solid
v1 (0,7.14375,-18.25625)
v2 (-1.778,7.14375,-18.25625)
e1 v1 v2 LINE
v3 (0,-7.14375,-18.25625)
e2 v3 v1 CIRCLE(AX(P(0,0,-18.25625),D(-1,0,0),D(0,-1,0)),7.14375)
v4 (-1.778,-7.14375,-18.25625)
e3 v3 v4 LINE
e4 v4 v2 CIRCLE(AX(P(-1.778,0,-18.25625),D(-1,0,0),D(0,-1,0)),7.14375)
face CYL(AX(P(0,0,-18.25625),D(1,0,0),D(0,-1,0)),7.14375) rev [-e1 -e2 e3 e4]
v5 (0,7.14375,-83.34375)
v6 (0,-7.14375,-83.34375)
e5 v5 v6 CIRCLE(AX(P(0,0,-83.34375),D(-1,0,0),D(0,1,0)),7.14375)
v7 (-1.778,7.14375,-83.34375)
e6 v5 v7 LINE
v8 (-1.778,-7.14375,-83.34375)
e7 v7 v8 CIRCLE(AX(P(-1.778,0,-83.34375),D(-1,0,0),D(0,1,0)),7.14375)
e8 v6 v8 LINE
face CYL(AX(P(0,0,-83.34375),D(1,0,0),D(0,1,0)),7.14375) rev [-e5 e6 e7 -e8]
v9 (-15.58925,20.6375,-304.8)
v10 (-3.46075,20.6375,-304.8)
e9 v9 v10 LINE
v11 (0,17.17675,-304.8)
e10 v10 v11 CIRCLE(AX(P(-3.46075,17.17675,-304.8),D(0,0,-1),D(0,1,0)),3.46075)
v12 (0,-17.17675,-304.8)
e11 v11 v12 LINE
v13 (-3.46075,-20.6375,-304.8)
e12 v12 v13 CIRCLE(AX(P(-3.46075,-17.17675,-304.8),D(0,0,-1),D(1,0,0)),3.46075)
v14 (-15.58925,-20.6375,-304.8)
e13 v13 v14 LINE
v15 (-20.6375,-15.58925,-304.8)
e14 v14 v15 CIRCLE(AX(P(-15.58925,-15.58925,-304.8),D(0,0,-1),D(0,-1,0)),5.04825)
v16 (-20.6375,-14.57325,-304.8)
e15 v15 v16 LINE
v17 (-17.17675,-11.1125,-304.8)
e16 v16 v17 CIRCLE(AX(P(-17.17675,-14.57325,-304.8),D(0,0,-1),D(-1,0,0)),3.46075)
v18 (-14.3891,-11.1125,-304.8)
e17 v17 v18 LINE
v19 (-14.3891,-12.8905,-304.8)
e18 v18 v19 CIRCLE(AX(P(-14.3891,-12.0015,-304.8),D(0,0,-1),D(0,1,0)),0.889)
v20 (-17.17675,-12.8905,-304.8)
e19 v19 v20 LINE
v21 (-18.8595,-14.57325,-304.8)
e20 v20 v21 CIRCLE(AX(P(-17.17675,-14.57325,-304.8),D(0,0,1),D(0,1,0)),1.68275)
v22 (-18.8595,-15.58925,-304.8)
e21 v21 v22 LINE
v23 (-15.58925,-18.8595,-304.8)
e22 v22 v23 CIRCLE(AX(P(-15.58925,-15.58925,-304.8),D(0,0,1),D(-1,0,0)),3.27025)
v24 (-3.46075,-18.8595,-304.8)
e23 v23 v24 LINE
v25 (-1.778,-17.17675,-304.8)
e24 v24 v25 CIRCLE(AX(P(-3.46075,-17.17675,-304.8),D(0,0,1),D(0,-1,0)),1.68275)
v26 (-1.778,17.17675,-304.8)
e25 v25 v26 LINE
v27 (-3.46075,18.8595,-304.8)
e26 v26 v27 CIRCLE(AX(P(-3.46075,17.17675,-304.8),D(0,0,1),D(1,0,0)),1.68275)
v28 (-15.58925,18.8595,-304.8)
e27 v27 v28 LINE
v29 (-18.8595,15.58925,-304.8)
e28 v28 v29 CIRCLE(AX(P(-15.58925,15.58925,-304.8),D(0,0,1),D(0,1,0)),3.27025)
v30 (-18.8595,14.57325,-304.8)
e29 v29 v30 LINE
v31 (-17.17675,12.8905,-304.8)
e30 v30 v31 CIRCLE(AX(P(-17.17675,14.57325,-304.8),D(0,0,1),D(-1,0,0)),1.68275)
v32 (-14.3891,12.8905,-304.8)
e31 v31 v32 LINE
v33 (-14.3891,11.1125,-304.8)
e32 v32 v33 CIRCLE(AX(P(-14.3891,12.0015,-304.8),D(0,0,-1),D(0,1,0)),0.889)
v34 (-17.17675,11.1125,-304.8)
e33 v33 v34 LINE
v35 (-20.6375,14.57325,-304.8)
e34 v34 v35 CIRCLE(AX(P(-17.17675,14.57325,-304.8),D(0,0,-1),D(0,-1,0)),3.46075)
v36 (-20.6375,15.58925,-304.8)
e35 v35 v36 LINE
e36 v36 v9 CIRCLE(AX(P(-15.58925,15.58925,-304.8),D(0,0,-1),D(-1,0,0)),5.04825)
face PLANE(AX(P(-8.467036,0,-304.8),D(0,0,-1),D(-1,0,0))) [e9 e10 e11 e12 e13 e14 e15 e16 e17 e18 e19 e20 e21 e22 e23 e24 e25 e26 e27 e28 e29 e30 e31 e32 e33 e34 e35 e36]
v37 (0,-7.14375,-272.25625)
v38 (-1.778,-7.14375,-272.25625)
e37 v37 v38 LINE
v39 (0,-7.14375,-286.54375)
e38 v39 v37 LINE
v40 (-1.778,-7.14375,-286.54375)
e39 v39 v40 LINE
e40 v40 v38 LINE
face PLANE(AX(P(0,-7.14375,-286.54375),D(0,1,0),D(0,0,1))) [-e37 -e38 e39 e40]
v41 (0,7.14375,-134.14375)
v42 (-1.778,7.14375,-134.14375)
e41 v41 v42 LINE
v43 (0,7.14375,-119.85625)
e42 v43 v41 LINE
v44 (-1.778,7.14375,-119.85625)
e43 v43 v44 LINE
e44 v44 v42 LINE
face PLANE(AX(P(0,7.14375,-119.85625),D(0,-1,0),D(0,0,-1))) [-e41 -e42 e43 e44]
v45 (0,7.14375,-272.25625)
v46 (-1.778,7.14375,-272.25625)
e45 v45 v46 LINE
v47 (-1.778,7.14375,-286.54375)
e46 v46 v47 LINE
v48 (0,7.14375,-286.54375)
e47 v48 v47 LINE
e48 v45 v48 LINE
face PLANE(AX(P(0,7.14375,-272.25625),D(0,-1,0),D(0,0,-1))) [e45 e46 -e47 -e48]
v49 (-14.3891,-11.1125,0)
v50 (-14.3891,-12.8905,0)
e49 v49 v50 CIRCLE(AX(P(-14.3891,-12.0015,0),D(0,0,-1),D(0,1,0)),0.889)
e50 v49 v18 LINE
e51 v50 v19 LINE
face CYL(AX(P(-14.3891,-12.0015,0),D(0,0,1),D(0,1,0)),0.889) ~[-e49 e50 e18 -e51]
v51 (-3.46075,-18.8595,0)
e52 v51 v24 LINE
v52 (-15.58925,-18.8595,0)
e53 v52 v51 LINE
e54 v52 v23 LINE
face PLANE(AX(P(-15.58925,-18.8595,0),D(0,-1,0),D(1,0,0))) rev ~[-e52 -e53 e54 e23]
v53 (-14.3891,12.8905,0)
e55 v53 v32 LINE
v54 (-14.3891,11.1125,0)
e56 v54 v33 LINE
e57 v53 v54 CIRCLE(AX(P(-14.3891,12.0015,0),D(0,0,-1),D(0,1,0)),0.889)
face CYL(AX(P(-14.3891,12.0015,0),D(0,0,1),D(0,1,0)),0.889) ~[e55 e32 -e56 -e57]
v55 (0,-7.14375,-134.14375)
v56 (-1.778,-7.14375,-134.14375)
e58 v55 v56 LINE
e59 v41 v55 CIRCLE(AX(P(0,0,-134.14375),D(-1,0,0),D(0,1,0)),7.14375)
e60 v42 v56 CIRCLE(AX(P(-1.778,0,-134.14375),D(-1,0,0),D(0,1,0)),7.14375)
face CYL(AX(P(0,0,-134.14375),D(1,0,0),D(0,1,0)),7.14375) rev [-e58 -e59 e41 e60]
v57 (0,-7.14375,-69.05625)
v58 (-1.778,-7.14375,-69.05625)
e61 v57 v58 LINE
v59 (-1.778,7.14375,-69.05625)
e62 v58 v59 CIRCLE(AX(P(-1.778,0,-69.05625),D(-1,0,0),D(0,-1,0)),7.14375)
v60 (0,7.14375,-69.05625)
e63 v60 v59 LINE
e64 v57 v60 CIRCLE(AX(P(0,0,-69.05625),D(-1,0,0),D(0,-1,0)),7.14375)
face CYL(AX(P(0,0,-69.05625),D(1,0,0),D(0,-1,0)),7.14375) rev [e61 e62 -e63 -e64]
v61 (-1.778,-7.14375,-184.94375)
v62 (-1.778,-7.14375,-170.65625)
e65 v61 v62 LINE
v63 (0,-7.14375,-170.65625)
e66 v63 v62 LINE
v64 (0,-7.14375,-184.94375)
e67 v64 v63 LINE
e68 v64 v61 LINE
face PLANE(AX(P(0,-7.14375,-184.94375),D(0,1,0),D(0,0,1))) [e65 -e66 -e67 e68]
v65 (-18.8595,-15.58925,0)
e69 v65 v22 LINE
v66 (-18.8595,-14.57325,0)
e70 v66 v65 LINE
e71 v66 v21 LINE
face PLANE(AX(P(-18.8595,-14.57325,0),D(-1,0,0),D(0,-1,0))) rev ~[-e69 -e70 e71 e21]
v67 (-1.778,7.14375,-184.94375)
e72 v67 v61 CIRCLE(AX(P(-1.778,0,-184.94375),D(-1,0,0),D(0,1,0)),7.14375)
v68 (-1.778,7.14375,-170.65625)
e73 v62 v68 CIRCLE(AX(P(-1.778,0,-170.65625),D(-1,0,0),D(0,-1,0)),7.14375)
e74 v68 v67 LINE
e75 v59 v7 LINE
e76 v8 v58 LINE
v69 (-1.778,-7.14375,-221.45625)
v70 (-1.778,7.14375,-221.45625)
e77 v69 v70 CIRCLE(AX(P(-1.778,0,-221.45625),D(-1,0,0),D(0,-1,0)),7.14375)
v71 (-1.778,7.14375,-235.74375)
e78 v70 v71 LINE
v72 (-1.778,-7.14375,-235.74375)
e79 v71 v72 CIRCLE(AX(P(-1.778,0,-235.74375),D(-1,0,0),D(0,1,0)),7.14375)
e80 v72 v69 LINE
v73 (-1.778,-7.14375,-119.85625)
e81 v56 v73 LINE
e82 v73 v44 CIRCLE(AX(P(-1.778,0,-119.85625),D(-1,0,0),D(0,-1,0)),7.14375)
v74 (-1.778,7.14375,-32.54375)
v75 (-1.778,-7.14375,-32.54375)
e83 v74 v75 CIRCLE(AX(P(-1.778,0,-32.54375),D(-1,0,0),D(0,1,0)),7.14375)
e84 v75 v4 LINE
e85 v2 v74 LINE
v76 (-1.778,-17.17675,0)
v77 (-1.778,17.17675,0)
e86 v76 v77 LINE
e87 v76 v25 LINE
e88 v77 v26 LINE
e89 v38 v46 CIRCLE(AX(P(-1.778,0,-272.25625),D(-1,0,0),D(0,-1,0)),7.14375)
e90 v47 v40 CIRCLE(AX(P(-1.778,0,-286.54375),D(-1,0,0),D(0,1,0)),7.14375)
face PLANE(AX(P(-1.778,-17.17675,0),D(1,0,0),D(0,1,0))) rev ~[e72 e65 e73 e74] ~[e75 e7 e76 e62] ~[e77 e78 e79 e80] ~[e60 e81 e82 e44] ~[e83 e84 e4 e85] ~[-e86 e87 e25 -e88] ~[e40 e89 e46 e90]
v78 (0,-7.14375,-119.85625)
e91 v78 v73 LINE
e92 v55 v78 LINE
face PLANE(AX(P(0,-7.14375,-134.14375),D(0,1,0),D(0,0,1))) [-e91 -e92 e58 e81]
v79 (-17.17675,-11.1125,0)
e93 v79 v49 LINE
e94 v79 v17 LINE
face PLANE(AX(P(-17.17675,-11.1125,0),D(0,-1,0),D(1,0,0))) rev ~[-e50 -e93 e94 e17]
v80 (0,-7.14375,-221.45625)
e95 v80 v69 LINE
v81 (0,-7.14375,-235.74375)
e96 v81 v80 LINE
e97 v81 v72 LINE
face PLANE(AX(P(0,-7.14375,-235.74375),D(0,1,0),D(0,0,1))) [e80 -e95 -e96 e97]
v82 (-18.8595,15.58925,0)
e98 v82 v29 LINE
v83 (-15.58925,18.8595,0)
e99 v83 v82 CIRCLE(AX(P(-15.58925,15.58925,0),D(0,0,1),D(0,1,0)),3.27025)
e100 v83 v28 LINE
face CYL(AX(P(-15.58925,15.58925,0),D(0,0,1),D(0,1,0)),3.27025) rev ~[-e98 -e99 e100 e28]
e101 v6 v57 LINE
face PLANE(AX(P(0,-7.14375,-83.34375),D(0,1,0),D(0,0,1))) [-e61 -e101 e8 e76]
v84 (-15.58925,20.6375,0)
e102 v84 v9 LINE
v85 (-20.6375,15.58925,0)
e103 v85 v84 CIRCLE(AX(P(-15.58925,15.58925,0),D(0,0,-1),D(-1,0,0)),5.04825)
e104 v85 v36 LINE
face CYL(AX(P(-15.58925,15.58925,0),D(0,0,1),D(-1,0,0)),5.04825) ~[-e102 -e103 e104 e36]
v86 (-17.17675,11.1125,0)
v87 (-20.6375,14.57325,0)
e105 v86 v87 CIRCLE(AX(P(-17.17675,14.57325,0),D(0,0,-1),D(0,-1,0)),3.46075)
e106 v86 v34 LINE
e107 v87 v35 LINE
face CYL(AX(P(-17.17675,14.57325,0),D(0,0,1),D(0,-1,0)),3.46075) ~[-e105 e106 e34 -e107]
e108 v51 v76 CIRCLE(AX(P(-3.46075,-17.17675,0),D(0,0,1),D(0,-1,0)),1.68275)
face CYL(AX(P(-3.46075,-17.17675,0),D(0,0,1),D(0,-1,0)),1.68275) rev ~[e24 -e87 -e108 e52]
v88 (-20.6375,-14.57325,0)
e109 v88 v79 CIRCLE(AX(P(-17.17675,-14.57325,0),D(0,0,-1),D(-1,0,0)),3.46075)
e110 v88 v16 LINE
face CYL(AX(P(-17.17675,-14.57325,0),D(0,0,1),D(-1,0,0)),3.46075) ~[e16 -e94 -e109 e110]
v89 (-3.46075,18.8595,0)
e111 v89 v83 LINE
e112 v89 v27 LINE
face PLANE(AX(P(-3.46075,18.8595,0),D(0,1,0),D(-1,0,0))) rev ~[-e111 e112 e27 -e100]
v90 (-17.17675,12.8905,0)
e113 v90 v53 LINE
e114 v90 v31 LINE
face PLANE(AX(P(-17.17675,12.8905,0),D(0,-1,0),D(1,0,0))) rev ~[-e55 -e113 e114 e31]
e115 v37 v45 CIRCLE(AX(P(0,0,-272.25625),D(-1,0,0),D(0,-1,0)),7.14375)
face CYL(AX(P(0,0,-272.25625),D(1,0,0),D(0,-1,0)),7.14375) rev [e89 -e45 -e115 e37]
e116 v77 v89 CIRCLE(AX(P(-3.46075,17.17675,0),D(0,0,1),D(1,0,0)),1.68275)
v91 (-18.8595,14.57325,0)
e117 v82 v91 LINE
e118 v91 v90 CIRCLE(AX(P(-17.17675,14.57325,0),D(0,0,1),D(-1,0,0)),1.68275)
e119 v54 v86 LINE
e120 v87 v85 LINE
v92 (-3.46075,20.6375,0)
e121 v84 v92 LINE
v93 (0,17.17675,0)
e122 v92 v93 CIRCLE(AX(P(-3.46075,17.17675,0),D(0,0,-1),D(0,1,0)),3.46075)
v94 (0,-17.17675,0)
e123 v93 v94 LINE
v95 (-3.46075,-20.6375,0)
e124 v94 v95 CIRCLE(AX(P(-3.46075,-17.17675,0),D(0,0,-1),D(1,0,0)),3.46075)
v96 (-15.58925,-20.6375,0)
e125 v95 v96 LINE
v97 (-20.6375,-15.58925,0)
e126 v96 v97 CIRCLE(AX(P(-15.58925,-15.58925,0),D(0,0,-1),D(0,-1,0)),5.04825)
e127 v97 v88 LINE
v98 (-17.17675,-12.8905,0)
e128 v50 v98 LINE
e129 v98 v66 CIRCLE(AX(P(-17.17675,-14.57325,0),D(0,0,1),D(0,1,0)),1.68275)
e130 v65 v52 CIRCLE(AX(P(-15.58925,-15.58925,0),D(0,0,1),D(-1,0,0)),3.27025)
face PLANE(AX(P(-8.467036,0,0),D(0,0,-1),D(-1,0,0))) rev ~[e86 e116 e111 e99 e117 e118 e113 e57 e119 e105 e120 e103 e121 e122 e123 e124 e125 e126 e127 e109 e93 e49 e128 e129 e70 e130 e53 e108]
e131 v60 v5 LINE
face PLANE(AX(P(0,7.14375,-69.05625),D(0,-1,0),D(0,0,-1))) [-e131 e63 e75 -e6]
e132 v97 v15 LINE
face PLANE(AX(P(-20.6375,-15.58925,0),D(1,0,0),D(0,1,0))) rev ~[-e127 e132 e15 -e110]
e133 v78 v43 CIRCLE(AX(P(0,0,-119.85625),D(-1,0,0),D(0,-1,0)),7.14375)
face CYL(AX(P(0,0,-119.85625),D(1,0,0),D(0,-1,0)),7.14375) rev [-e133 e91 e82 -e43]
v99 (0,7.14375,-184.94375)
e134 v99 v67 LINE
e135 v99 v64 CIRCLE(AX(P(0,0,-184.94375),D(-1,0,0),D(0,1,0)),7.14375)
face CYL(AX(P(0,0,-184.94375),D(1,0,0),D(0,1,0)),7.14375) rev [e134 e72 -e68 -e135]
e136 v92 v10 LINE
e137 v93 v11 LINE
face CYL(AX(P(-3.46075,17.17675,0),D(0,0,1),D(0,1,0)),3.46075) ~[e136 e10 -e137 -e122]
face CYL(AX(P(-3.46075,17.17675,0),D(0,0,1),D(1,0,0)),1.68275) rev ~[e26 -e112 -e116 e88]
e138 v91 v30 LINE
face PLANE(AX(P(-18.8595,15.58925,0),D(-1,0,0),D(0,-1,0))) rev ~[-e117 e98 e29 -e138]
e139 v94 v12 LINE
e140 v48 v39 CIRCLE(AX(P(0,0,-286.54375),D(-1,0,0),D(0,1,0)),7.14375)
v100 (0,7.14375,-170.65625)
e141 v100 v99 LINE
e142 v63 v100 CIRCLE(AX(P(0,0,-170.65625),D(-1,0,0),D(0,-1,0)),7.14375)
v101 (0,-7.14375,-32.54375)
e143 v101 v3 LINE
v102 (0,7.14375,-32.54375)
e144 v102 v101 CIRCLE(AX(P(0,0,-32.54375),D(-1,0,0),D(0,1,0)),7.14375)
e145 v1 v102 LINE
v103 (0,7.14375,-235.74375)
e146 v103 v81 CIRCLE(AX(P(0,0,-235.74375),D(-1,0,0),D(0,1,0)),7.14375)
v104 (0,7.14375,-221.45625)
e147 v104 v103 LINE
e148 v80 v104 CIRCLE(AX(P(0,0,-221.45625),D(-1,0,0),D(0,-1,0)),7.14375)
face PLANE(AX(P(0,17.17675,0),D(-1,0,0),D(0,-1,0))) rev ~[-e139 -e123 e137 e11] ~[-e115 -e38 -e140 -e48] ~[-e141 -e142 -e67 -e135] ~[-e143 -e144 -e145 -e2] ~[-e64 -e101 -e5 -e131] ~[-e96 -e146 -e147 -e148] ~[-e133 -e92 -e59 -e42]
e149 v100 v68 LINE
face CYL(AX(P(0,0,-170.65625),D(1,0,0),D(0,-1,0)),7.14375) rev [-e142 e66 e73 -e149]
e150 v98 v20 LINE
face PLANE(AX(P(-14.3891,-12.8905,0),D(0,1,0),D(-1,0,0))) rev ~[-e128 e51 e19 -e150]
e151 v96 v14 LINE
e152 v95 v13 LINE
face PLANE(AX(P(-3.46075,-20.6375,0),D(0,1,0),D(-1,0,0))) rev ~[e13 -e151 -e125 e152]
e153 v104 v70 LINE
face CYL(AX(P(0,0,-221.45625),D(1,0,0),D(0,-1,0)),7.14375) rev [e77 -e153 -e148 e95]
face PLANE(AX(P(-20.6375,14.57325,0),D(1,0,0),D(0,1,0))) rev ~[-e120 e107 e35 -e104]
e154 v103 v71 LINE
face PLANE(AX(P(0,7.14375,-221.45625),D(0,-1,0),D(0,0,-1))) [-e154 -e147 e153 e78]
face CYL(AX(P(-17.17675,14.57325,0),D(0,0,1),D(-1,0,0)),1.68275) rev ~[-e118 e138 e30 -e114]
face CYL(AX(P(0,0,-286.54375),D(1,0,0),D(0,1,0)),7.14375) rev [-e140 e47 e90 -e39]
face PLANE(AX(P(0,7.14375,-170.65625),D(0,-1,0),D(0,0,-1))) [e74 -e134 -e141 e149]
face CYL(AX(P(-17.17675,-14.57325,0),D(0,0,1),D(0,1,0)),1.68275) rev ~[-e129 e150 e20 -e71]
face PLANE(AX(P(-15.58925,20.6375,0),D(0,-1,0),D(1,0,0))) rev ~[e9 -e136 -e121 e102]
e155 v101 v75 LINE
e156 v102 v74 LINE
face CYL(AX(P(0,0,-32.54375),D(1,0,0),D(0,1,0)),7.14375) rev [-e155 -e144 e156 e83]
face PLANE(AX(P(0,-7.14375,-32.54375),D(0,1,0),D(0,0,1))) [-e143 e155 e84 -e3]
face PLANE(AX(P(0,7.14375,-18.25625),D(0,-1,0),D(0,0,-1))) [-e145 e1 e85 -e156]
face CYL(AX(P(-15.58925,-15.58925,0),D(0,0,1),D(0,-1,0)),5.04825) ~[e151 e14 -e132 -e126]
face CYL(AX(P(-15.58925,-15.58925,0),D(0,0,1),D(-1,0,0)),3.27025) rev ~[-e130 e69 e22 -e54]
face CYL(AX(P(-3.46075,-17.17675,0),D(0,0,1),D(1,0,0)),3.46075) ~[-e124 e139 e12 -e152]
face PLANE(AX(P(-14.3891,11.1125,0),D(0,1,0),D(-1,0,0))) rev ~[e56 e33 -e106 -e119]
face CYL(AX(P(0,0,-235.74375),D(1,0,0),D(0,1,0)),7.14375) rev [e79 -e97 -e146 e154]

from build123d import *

# Parameters (mm, degrees)
BOSS_EXTRUDE1_DEPTH = 304.8
CUT_EXTRUDE1_DEPTH  = 1.778
LPATTERN1_COUNT     = 6
LPATTERN1_PITCH     = 50.8


with BuildPart() as part:
    # Sketch1 → Boss-Extrude1 (new body)
    with BuildSketch(Plane.XY):
        with BuildLine():
            Line((-15.58925, 20.6375), (-3.46075, 20.6375))
            ThreePointArc((-3.46075, 20.6375), (-1.013630207, 19.623869793), (0, 17.17675))
            Line((0, 17.17675), (0, -17.17675))
            ThreePointArc((0, -17.17675), (-1.013630207, -19.623869793), (-3.46075, -20.6375))
            Line((-3.46075, -20.6375), (-15.58925, -20.6375))
            ThreePointArc((-15.58925, -20.6375), (-19.158901808, -19.158901808), (-20.6375, -15.58925))
            Line((-20.6375, -15.58925), (-20.6375, -14.57325))
            ThreePointArc((-20.6375, -14.57325), (-19.623869793, -12.126130207), (-17.17675, -11.1125))
            Line((-17.17675, -11.1125), (-14.3891, -11.1125))
            ThreePointArc((-14.3891, -11.1125), (-13.5001, -12.0015), (-14.3891, -12.8905))
            Line((-14.3891, -12.8905), (-17.17675, -12.8905))
            ThreePointArc((-17.17675, -12.8905), (-18.366633936, -13.383366064), (-18.8595, -14.57325))
            Line((-18.8595, -14.57325), (-18.8595, -15.58925))
            ThreePointArc((-18.8595, -15.58925), (-17.901665951, -17.901665951), (-15.58925, -18.8595))
            Line((-15.58925, -18.8595), (-3.46075, -18.8595))
            ThreePointArc((-3.46075, -18.8595), (-2.270866064, -18.366633936), (-1.778, -17.17675))
            Line((-1.778, -17.17675), (-1.778, 17.17675))
            ThreePointArc((-1.778, 17.17675), (-2.270866064, 18.366633936), (-3.46075, 18.8595))
            Line((-3.46075, 18.8595), (-15.58925, 18.8595))
            ThreePointArc((-15.58925, 18.8595), (-17.901665951, 17.901665951), (-18.8595, 15.58925))
            Line((-18.8595, 15.58925), (-18.8595, 14.57325))
            ThreePointArc((-18.8595, 14.57325), (-18.366633936, 13.383366064), (-17.17675, 12.8905))
            Line((-17.17675, 12.8905), (-14.3891, 12.8905))
            ThreePointArc((-14.3891, 12.8905), (-13.5001, 12.0015), (-14.3891, 11.1125))
            Line((-14.3891, 11.1125), (-17.17675, 11.1125))
            ThreePointArc((-17.17675, 11.1125), (-19.623869793, 12.126130207), (-20.6375, 14.57325))
            Line((-20.6375, 14.57325), (-20.6375, 15.58925))
            ThreePointArc((-20.6375, 15.58925), (-19.158901808, 19.158901808), (-15.58925, 20.6375))
        make_face()
    extrude(amount=-BOSS_EXTRUDE1_DEPTH)

    # Sketch2 → Cut-Extrude1 (cut)
    with BuildSketch(Plane(origin=(0, 0, 0), x_dir=(0, 0, -1), z_dir=(1, 0, 0))):
        with BuildLine():
            Line((18.25625, 7.14375), (32.54375, 7.14375))
            ThreePointArc((32.54375, 7.14375), (39.6875, 0), (32.54375, -7.14375))
            Line((32.54375, -7.14375), (18.25625, -7.14375))
            ThreePointArc((18.25625, -7.14375), (11.1125, 0), (18.25625, 7.14375))
        make_face()
    cut_extrude1 = extrude(amount=-CUT_EXTRUDE1_DEPTH, mode=Mode.SUBTRACT)

    # LPattern1: Cut-Extrude1 ×6
    with Locations(*[(0, 0, -i * LPATTERN1_PITCH) for i in range(1, LPATTERN1_COUNT)]):
        add(cut_extrude1, mode=Mode.SUBTRACT)


solid = part.part
